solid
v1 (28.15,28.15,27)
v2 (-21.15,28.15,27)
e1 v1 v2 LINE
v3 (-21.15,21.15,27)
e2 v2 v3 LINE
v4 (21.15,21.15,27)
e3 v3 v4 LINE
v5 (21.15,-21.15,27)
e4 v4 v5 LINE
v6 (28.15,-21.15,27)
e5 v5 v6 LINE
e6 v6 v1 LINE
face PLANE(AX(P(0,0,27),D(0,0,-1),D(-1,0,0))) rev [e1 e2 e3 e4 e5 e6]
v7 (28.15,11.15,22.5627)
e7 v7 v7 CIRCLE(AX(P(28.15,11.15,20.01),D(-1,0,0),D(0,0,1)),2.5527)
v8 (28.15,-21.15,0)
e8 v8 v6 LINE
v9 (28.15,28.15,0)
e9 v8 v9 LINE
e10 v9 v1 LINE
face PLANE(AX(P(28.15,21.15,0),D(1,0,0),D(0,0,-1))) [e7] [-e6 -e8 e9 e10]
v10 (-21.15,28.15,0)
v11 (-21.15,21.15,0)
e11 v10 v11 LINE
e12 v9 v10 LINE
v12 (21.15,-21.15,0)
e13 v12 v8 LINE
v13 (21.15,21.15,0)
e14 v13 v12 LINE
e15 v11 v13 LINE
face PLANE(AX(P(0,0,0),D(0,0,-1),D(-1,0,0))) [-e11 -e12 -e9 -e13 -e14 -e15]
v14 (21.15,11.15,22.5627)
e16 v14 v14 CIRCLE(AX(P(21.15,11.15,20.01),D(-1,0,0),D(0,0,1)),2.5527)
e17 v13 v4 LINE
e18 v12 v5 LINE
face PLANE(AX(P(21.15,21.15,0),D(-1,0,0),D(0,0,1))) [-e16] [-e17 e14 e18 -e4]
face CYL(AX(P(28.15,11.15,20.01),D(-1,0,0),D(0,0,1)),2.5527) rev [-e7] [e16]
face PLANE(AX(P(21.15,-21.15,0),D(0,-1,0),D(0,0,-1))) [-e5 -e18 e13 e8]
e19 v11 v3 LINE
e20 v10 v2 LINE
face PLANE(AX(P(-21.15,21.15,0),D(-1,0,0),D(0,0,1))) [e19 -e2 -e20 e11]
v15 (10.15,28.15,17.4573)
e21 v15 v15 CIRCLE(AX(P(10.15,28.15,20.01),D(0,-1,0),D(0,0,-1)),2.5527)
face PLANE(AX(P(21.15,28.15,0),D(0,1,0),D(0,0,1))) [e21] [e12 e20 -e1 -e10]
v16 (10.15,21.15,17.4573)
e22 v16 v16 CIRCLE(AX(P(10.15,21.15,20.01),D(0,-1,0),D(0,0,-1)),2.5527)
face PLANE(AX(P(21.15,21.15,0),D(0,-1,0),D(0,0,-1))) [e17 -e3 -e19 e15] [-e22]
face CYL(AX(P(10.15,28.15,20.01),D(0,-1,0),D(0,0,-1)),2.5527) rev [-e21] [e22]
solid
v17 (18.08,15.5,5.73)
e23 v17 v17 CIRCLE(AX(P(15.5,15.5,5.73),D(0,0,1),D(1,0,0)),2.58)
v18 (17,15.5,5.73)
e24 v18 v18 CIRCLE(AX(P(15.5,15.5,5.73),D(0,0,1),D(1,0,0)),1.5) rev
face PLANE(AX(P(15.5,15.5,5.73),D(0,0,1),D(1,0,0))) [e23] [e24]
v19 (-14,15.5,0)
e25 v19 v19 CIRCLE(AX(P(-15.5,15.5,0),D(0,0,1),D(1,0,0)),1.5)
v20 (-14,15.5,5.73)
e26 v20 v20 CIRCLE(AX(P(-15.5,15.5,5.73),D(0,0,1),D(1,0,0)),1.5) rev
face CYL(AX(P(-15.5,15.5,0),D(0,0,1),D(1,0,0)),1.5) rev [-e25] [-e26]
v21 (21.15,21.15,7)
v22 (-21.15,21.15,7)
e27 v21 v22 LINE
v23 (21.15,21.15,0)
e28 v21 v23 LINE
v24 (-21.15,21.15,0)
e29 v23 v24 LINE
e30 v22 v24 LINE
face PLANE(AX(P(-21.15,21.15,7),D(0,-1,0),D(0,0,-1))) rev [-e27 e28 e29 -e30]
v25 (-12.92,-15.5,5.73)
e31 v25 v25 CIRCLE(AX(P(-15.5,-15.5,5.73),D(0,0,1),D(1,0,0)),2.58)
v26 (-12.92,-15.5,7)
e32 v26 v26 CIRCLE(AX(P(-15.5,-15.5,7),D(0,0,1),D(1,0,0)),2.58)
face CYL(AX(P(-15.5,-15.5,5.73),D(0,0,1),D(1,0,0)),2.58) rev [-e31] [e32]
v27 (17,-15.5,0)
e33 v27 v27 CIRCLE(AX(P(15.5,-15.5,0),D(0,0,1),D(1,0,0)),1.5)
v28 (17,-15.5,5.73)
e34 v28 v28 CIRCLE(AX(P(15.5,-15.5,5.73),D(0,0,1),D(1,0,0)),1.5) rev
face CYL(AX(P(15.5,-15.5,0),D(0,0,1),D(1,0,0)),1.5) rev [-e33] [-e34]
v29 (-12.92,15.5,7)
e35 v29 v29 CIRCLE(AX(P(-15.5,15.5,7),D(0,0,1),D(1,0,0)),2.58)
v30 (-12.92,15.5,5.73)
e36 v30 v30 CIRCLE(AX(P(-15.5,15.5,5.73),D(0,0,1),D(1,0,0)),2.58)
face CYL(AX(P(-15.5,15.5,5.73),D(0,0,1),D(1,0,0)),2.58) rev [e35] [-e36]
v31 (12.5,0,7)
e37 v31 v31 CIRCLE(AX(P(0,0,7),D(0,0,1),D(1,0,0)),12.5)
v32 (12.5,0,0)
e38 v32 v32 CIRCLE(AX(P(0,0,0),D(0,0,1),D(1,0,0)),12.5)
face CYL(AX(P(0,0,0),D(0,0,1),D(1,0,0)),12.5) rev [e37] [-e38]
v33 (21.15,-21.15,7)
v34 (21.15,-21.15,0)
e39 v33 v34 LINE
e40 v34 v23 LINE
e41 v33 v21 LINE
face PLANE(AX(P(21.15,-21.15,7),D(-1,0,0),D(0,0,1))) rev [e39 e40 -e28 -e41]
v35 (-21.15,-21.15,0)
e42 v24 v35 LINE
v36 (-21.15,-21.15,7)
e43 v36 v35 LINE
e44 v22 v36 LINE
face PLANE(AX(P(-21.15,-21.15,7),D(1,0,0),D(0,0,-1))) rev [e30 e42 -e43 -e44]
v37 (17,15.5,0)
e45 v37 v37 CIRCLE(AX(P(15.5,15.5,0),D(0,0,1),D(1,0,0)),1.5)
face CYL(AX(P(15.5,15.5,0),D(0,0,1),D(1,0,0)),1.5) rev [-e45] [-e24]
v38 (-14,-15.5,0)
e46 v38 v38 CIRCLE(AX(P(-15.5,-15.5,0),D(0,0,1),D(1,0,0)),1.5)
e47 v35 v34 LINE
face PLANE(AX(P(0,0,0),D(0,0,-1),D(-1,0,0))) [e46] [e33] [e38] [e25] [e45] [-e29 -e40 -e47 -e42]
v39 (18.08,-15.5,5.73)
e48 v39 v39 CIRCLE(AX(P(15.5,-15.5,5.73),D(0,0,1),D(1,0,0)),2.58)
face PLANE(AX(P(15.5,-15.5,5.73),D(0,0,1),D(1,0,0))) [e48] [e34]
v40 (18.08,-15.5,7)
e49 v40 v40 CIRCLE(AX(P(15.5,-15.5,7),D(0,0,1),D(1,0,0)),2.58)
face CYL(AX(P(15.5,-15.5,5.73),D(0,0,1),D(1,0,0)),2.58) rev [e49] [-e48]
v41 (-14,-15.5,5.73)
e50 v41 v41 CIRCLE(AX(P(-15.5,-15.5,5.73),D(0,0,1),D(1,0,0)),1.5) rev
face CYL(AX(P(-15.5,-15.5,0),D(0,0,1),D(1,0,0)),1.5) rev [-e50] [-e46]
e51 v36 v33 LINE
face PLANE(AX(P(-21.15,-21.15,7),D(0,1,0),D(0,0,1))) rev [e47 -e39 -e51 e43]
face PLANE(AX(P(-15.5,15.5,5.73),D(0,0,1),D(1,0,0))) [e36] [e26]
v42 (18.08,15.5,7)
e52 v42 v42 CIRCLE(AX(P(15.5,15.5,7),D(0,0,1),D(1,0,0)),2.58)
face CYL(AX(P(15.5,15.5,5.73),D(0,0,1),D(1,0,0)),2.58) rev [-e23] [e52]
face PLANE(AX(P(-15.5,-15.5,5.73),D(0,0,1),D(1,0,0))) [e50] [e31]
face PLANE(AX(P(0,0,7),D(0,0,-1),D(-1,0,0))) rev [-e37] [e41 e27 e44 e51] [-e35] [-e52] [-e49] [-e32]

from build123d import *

# Parameters (mm, degrees)
SKETCH1_W                = 42.3
SKETCH1_H                = 42.3
BOSS_EXTRUDE1_DEPTH      = 7
SKETCH2_R                = 1.5
SKETCH2_R_2              = 12.5
CUT_EXTRUDE1_DEPTH       = 7
BOSS_EXTRUDE2_DEPTH      = 20
BOSS_EXTRUDE2_DEPTH_BACK = 7
SKETCH4_R                = 2.58
CUT_EXTRUDE2_DEPTH       = 1.27
SKETCH5_W                = 42.3
SKETCH5_H                = 7
BOSS_EXTRUDE3_DEPTH      = 20
BOSS_EXTRUDE3_DEPTH_BACK = 7
SKETCH6_R                = 2.5527
CUT_EXTRUDE3_DEPTH       = 8
SKETCH7_R                = 2.5527
CUT_EXTRUDE4_DEPTH       = 8


with BuildPart() as part:
    # Sketch1 → Boss-Extrude1 (new body)
    with BuildSketch(Plane.XY):
        Rectangle(SKETCH1_W, SKETCH1_H)
    extrude(amount=BOSS_EXTRUDE1_DEPTH)

    # Sketch2 → Cut-Extrude1 (cut)
    with BuildSketch(Plane.XY.offset(7)):
        with Locations((-15.5, 15.5)):
            Circle(SKETCH2_R)
        Circle(SKETCH2_R_2)
        with Locations((15.5, 15.5)):
            Circle(SKETCH2_R)
        with Locations((15.5, -15.5)):
            Circle(SKETCH2_R)
        with Locations((-15.5, -15.5)):
            Circle(SKETCH2_R)
    extrude(amount=-CUT_EXTRUDE1_DEPTH, mode=Mode.SUBTRACT)

    # Sketch4 → Cut-Extrude2 (cut)
    with BuildSketch(Plane.XY.offset(7)):
        with Locations((-15.5, 15.5)):
            Circle(SKETCH4_R)
        with Locations((15.5, 15.5)):
            Circle(SKETCH4_R)
        with Locations((-15.5, -15.5)):
            Circle(SKETCH4_R)
        with Locations((15.5, -15.5)):
            Circle(SKETCH4_R)
    extrude(amount=-CUT_EXTRUDE2_DEPTH, mode=Mode.SUBTRACT)


with BuildPart() as body_2:
    # Sketch3 → Boss-Extrude2 (new body, two sides)
    with BuildSketch(Plane.XY.offset(7)) as boss_extrude2_sk:
        Polygon((21.15, 21.15), (21.15, -21.15), (28.15, -21.15), (28.15, 21.15), (28.15, 28.15), (21.15, 28.15), align=None)
    extrude(amount=BOSS_EXTRUDE2_DEPTH)
    extrude(boss_extrude2_sk.sketch, amount=-BOSS_EXTRUDE2_DEPTH_BACK)

    # Sketch5 → Boss-Extrude3 (add, two sides)
    with BuildSketch(Plane.XY.offset(7)) as boss_extrude3_sk:
        with Locations((0, 24.65)):
            Rectangle(SKETCH5_W, SKETCH5_H)
    extrude(amount=BOSS_EXTRUDE3_DEPTH)
    extrude(boss_extrude3_sk.sketch, amount=-BOSS_EXTRUDE3_DEPTH_BACK)

    # Sketch6 → Cut-Extrude3 (cut, through all)
    with BuildSketch(Plane.XZ.offset(-21.15)):
        with Locations((10.15, 20.01)):
            Circle(SKETCH6_R)
    extrude(amount=-CUT_EXTRUDE3_DEPTH, mode=Mode.SUBTRACT)

    # Sketch7 → Cut-Extrude4 (cut, through all)
    with BuildSketch(Plane.ZY.offset(-21.15)):
        with Locations((20.01, 11.15)):
            Circle(SKETCH7_R)
    extrude(amount=-CUT_EXTRUDE4_DEPTH, mode=Mode.SUBTRACT)


solid = Compound([part.part, body_2.part])
